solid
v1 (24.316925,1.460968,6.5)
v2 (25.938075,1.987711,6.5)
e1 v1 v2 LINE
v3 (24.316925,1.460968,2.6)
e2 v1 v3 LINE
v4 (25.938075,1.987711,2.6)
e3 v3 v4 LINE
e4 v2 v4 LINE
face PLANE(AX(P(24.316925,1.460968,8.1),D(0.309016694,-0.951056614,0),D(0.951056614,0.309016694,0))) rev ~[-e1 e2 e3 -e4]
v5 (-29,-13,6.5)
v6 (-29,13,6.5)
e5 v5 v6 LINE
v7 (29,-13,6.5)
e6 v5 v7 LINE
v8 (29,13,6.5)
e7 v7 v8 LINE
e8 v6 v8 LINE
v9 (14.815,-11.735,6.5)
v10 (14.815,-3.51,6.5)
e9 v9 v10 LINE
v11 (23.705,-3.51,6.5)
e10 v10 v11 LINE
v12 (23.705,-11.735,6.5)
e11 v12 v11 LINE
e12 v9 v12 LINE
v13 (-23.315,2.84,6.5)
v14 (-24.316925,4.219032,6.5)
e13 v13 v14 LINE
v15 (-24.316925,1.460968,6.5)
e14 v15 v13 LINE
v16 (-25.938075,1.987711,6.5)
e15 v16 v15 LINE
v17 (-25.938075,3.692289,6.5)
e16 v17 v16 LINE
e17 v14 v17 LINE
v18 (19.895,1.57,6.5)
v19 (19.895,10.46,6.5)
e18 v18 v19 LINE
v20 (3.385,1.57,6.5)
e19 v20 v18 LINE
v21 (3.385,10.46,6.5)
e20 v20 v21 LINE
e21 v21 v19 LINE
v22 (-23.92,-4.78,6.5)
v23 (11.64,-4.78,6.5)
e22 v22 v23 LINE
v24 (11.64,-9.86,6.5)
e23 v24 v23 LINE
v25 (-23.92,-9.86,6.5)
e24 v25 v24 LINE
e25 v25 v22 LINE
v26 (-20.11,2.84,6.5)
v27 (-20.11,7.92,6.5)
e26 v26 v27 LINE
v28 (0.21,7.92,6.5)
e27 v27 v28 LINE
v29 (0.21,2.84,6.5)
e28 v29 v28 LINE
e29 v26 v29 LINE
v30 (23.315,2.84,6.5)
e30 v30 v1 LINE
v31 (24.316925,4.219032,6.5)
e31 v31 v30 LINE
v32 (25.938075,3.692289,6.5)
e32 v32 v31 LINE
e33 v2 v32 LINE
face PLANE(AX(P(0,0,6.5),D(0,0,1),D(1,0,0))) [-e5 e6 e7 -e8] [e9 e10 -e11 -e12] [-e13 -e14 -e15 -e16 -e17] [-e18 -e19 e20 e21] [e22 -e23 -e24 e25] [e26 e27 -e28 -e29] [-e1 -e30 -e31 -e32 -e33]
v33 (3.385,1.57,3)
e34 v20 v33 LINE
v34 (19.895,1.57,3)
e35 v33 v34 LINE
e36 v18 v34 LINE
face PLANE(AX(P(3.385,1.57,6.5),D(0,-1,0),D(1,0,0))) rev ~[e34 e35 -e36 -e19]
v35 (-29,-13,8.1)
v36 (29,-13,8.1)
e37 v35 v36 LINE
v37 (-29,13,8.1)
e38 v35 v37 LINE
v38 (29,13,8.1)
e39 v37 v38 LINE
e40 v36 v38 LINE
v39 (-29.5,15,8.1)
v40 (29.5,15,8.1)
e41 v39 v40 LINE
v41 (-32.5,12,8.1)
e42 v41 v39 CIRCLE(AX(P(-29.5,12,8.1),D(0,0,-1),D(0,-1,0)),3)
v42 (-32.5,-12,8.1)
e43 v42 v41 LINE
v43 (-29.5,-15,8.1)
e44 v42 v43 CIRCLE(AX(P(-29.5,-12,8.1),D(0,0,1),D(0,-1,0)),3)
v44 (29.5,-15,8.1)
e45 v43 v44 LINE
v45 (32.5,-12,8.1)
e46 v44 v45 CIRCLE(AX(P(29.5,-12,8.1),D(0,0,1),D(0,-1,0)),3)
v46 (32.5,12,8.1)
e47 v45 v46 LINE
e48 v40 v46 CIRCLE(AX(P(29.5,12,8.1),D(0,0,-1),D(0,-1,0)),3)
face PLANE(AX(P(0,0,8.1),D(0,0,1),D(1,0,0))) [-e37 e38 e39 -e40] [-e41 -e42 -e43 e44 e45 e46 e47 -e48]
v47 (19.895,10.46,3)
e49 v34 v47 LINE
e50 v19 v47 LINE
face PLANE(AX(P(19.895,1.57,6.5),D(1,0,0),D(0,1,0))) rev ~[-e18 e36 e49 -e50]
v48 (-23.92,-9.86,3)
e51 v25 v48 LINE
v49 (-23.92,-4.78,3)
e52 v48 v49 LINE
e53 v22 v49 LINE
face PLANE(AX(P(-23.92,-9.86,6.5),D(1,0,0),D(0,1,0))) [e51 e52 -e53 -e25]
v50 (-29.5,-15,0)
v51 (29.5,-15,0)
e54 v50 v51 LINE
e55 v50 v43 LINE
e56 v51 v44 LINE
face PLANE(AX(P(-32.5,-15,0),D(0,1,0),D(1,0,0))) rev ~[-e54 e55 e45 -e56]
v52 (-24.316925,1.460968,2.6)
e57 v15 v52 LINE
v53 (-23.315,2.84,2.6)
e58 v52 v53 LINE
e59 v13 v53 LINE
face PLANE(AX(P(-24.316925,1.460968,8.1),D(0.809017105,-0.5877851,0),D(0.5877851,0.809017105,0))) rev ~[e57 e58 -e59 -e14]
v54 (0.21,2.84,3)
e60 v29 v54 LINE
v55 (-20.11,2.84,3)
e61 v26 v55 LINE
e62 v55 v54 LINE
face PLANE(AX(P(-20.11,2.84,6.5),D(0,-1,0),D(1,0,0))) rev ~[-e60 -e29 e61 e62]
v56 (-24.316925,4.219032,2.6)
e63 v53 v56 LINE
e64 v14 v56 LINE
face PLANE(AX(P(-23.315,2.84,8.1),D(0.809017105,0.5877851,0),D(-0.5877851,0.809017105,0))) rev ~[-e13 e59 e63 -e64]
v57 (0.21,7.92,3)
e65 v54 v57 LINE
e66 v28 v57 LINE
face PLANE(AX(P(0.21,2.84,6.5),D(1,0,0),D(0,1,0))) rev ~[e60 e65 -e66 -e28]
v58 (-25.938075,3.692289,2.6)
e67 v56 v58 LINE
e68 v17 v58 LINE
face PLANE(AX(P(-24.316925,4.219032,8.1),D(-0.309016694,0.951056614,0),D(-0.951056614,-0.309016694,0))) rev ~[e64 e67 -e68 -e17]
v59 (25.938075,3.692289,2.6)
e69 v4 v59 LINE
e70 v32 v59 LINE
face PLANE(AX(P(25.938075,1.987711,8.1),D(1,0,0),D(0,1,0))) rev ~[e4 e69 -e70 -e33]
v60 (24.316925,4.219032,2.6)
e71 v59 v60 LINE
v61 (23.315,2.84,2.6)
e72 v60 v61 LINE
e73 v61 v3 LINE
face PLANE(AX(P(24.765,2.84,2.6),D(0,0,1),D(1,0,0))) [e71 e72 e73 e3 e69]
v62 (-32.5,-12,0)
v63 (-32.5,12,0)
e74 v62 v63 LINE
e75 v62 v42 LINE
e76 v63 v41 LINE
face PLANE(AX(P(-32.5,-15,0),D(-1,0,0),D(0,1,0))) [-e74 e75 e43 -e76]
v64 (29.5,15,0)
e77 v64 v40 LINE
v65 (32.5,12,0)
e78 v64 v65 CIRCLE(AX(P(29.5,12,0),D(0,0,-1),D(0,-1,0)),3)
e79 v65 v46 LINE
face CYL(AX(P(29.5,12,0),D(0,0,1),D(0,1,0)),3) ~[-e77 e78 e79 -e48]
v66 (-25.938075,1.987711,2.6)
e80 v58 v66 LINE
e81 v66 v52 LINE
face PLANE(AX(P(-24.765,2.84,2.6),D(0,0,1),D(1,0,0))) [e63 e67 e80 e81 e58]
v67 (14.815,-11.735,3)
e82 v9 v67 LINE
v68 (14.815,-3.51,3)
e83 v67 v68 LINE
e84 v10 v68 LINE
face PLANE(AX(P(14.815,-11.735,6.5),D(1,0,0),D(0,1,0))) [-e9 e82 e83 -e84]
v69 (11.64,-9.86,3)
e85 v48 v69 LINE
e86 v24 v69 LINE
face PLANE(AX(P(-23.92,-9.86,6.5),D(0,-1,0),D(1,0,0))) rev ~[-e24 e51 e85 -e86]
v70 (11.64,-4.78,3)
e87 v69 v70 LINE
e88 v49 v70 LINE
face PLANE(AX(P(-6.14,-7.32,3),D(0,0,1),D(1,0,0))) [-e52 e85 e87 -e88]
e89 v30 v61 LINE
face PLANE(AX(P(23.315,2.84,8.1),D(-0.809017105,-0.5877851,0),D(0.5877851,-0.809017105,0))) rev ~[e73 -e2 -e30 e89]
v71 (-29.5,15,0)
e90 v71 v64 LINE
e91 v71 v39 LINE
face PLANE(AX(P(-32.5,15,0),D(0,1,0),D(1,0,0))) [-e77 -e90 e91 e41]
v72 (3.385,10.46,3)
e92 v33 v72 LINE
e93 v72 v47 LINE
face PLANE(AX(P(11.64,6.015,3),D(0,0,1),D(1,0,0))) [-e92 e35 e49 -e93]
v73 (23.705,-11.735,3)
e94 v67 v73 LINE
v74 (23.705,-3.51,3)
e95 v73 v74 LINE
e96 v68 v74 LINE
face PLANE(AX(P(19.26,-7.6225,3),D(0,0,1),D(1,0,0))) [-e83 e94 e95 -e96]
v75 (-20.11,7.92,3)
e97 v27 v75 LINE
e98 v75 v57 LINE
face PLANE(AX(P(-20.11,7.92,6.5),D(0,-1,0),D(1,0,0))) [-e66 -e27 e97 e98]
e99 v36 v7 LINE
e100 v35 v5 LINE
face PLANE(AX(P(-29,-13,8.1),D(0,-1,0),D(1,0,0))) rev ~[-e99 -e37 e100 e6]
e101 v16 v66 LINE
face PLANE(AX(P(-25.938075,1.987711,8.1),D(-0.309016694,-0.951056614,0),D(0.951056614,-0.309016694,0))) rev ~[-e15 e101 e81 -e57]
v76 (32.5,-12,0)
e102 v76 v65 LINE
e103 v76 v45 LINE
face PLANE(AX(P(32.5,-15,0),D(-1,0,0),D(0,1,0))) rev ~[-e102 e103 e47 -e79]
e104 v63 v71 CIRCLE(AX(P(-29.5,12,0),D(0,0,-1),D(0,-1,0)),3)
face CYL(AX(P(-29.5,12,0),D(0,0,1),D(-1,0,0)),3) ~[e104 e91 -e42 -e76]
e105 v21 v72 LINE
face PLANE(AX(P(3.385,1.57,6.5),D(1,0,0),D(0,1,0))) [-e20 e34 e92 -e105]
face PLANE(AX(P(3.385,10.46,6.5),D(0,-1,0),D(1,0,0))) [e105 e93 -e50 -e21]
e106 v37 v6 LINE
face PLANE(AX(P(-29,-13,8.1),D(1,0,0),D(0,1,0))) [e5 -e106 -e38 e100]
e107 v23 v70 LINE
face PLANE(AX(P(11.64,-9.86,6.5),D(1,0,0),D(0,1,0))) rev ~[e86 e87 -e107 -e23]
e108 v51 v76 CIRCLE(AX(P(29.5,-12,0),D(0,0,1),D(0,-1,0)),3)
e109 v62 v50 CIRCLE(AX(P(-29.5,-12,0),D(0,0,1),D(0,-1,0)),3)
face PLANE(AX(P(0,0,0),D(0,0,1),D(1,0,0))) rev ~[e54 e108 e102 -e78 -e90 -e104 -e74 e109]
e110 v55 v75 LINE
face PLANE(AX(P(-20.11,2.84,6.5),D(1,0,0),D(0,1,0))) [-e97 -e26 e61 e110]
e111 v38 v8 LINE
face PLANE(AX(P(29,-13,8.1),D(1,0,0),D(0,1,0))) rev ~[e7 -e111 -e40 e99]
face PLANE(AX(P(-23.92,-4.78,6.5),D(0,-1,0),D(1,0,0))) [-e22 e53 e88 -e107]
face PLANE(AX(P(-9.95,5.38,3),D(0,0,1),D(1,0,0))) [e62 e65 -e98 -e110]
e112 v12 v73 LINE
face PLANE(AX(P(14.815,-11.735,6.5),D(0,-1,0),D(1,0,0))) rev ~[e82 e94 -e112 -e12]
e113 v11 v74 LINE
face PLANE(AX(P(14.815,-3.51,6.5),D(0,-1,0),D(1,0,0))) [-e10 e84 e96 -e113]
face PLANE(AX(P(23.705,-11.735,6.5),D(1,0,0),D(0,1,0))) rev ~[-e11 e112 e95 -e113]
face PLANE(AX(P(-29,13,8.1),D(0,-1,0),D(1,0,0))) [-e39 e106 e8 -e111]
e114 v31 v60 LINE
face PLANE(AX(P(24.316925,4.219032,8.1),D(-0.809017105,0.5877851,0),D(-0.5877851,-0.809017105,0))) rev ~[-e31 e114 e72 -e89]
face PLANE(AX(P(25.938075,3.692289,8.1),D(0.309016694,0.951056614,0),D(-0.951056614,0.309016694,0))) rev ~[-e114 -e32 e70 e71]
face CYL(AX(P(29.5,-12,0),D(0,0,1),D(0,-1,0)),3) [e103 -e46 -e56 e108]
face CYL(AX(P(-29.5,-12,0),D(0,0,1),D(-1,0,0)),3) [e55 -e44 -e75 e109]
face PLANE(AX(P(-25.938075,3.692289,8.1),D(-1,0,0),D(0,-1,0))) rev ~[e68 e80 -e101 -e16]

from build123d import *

# Parameters (mm, degrees)
SKETCH_W        = 65
SKETCH_H        = 30
PAD_DEPTH       = 8.1
SKETCH001_W     = 58
SKETCH001_H     = 26
POCKET_DEPTH    = 1.6
POCKET001_DEPTH = 5.5
SKETCH003_W     = 20.32
SKETCH003_H     = 5.08
SKETCH003_W_2   = 16.51
SKETCH003_H_2   = 8.89
SKETCH003_W_3   = 8.89
SKETCH003_H_3   = 8.225
SKETCH003_W_4   = 35.56
POCKET002_DEPTH = 3.5
FILLET_R        = 3


with BuildPart() as part:
    # Sketch → Pad (new body)
    with BuildSketch(Plane.XY):
        Rectangle(SKETCH_W, SKETCH_H)
    extrude(amount=PAD_DEPTH)

    # Sketch001 (on DatumPlane) → Pocket (cut)
    with BuildSketch(Plane.XY.offset(8.1)):
        Rectangle(SKETCH001_W, SKETCH001_H)
    extrude(amount=-POCKET_DEPTH, mode=Mode.SUBTRACT)

    # Sketch002 (on DatumPlane) → Pocket001 (cut)
    with BuildSketch(Plane.XY.offset(8.1)):
        Polygon((-23.315, 2.84), (-24.316925, 4.219032), (-25.938075, 3.692289), (-25.938075, 1.987711), (-24.316925, 1.460968), align=None)
        Polygon((23.315, 2.84), (24.316925, 1.460968), (25.938075, 1.987711), (25.938075, 3.692289), (24.316925, 4.219032), align=None)
    extrude(amount=-POCKET001_DEPTH, mode=Mode.SUBTRACT)

    # Sketch003 (on DatumPlane) → Pocket002 (cut)
    with BuildSketch(Plane.XY.offset(6.5)):
        with Locations((-9.95, 5.38)):
            Rectangle(SKETCH003_W, SKETCH003_H)
        with Locations((11.64, 6.015)):
            Rectangle(SKETCH003_W_2, SKETCH003_H_2)
        with Locations((19.26, -7.6225)):
            Rectangle(SKETCH003_W_3, SKETCH003_H_3)
        with Locations((-6.14, -7.32)):
            Rectangle(SKETCH003_W_4, SKETCH003_H)
    extrude(amount=-POCKET002_DEPTH, mode=Mode.SUBTRACT)

    # Fillet
    fillet_edges = [part.edges().sort_by_distance(p)[0] for p in [
        (-32.5, -15, 4.05),
        (32.5, -15, 4.05),
        (32.5, 15, 4.05),
        (-32.5, 15, 4.05),
    ]]
    fillet(fillet_edges, radius=FILLET_R)


solid = part.part
